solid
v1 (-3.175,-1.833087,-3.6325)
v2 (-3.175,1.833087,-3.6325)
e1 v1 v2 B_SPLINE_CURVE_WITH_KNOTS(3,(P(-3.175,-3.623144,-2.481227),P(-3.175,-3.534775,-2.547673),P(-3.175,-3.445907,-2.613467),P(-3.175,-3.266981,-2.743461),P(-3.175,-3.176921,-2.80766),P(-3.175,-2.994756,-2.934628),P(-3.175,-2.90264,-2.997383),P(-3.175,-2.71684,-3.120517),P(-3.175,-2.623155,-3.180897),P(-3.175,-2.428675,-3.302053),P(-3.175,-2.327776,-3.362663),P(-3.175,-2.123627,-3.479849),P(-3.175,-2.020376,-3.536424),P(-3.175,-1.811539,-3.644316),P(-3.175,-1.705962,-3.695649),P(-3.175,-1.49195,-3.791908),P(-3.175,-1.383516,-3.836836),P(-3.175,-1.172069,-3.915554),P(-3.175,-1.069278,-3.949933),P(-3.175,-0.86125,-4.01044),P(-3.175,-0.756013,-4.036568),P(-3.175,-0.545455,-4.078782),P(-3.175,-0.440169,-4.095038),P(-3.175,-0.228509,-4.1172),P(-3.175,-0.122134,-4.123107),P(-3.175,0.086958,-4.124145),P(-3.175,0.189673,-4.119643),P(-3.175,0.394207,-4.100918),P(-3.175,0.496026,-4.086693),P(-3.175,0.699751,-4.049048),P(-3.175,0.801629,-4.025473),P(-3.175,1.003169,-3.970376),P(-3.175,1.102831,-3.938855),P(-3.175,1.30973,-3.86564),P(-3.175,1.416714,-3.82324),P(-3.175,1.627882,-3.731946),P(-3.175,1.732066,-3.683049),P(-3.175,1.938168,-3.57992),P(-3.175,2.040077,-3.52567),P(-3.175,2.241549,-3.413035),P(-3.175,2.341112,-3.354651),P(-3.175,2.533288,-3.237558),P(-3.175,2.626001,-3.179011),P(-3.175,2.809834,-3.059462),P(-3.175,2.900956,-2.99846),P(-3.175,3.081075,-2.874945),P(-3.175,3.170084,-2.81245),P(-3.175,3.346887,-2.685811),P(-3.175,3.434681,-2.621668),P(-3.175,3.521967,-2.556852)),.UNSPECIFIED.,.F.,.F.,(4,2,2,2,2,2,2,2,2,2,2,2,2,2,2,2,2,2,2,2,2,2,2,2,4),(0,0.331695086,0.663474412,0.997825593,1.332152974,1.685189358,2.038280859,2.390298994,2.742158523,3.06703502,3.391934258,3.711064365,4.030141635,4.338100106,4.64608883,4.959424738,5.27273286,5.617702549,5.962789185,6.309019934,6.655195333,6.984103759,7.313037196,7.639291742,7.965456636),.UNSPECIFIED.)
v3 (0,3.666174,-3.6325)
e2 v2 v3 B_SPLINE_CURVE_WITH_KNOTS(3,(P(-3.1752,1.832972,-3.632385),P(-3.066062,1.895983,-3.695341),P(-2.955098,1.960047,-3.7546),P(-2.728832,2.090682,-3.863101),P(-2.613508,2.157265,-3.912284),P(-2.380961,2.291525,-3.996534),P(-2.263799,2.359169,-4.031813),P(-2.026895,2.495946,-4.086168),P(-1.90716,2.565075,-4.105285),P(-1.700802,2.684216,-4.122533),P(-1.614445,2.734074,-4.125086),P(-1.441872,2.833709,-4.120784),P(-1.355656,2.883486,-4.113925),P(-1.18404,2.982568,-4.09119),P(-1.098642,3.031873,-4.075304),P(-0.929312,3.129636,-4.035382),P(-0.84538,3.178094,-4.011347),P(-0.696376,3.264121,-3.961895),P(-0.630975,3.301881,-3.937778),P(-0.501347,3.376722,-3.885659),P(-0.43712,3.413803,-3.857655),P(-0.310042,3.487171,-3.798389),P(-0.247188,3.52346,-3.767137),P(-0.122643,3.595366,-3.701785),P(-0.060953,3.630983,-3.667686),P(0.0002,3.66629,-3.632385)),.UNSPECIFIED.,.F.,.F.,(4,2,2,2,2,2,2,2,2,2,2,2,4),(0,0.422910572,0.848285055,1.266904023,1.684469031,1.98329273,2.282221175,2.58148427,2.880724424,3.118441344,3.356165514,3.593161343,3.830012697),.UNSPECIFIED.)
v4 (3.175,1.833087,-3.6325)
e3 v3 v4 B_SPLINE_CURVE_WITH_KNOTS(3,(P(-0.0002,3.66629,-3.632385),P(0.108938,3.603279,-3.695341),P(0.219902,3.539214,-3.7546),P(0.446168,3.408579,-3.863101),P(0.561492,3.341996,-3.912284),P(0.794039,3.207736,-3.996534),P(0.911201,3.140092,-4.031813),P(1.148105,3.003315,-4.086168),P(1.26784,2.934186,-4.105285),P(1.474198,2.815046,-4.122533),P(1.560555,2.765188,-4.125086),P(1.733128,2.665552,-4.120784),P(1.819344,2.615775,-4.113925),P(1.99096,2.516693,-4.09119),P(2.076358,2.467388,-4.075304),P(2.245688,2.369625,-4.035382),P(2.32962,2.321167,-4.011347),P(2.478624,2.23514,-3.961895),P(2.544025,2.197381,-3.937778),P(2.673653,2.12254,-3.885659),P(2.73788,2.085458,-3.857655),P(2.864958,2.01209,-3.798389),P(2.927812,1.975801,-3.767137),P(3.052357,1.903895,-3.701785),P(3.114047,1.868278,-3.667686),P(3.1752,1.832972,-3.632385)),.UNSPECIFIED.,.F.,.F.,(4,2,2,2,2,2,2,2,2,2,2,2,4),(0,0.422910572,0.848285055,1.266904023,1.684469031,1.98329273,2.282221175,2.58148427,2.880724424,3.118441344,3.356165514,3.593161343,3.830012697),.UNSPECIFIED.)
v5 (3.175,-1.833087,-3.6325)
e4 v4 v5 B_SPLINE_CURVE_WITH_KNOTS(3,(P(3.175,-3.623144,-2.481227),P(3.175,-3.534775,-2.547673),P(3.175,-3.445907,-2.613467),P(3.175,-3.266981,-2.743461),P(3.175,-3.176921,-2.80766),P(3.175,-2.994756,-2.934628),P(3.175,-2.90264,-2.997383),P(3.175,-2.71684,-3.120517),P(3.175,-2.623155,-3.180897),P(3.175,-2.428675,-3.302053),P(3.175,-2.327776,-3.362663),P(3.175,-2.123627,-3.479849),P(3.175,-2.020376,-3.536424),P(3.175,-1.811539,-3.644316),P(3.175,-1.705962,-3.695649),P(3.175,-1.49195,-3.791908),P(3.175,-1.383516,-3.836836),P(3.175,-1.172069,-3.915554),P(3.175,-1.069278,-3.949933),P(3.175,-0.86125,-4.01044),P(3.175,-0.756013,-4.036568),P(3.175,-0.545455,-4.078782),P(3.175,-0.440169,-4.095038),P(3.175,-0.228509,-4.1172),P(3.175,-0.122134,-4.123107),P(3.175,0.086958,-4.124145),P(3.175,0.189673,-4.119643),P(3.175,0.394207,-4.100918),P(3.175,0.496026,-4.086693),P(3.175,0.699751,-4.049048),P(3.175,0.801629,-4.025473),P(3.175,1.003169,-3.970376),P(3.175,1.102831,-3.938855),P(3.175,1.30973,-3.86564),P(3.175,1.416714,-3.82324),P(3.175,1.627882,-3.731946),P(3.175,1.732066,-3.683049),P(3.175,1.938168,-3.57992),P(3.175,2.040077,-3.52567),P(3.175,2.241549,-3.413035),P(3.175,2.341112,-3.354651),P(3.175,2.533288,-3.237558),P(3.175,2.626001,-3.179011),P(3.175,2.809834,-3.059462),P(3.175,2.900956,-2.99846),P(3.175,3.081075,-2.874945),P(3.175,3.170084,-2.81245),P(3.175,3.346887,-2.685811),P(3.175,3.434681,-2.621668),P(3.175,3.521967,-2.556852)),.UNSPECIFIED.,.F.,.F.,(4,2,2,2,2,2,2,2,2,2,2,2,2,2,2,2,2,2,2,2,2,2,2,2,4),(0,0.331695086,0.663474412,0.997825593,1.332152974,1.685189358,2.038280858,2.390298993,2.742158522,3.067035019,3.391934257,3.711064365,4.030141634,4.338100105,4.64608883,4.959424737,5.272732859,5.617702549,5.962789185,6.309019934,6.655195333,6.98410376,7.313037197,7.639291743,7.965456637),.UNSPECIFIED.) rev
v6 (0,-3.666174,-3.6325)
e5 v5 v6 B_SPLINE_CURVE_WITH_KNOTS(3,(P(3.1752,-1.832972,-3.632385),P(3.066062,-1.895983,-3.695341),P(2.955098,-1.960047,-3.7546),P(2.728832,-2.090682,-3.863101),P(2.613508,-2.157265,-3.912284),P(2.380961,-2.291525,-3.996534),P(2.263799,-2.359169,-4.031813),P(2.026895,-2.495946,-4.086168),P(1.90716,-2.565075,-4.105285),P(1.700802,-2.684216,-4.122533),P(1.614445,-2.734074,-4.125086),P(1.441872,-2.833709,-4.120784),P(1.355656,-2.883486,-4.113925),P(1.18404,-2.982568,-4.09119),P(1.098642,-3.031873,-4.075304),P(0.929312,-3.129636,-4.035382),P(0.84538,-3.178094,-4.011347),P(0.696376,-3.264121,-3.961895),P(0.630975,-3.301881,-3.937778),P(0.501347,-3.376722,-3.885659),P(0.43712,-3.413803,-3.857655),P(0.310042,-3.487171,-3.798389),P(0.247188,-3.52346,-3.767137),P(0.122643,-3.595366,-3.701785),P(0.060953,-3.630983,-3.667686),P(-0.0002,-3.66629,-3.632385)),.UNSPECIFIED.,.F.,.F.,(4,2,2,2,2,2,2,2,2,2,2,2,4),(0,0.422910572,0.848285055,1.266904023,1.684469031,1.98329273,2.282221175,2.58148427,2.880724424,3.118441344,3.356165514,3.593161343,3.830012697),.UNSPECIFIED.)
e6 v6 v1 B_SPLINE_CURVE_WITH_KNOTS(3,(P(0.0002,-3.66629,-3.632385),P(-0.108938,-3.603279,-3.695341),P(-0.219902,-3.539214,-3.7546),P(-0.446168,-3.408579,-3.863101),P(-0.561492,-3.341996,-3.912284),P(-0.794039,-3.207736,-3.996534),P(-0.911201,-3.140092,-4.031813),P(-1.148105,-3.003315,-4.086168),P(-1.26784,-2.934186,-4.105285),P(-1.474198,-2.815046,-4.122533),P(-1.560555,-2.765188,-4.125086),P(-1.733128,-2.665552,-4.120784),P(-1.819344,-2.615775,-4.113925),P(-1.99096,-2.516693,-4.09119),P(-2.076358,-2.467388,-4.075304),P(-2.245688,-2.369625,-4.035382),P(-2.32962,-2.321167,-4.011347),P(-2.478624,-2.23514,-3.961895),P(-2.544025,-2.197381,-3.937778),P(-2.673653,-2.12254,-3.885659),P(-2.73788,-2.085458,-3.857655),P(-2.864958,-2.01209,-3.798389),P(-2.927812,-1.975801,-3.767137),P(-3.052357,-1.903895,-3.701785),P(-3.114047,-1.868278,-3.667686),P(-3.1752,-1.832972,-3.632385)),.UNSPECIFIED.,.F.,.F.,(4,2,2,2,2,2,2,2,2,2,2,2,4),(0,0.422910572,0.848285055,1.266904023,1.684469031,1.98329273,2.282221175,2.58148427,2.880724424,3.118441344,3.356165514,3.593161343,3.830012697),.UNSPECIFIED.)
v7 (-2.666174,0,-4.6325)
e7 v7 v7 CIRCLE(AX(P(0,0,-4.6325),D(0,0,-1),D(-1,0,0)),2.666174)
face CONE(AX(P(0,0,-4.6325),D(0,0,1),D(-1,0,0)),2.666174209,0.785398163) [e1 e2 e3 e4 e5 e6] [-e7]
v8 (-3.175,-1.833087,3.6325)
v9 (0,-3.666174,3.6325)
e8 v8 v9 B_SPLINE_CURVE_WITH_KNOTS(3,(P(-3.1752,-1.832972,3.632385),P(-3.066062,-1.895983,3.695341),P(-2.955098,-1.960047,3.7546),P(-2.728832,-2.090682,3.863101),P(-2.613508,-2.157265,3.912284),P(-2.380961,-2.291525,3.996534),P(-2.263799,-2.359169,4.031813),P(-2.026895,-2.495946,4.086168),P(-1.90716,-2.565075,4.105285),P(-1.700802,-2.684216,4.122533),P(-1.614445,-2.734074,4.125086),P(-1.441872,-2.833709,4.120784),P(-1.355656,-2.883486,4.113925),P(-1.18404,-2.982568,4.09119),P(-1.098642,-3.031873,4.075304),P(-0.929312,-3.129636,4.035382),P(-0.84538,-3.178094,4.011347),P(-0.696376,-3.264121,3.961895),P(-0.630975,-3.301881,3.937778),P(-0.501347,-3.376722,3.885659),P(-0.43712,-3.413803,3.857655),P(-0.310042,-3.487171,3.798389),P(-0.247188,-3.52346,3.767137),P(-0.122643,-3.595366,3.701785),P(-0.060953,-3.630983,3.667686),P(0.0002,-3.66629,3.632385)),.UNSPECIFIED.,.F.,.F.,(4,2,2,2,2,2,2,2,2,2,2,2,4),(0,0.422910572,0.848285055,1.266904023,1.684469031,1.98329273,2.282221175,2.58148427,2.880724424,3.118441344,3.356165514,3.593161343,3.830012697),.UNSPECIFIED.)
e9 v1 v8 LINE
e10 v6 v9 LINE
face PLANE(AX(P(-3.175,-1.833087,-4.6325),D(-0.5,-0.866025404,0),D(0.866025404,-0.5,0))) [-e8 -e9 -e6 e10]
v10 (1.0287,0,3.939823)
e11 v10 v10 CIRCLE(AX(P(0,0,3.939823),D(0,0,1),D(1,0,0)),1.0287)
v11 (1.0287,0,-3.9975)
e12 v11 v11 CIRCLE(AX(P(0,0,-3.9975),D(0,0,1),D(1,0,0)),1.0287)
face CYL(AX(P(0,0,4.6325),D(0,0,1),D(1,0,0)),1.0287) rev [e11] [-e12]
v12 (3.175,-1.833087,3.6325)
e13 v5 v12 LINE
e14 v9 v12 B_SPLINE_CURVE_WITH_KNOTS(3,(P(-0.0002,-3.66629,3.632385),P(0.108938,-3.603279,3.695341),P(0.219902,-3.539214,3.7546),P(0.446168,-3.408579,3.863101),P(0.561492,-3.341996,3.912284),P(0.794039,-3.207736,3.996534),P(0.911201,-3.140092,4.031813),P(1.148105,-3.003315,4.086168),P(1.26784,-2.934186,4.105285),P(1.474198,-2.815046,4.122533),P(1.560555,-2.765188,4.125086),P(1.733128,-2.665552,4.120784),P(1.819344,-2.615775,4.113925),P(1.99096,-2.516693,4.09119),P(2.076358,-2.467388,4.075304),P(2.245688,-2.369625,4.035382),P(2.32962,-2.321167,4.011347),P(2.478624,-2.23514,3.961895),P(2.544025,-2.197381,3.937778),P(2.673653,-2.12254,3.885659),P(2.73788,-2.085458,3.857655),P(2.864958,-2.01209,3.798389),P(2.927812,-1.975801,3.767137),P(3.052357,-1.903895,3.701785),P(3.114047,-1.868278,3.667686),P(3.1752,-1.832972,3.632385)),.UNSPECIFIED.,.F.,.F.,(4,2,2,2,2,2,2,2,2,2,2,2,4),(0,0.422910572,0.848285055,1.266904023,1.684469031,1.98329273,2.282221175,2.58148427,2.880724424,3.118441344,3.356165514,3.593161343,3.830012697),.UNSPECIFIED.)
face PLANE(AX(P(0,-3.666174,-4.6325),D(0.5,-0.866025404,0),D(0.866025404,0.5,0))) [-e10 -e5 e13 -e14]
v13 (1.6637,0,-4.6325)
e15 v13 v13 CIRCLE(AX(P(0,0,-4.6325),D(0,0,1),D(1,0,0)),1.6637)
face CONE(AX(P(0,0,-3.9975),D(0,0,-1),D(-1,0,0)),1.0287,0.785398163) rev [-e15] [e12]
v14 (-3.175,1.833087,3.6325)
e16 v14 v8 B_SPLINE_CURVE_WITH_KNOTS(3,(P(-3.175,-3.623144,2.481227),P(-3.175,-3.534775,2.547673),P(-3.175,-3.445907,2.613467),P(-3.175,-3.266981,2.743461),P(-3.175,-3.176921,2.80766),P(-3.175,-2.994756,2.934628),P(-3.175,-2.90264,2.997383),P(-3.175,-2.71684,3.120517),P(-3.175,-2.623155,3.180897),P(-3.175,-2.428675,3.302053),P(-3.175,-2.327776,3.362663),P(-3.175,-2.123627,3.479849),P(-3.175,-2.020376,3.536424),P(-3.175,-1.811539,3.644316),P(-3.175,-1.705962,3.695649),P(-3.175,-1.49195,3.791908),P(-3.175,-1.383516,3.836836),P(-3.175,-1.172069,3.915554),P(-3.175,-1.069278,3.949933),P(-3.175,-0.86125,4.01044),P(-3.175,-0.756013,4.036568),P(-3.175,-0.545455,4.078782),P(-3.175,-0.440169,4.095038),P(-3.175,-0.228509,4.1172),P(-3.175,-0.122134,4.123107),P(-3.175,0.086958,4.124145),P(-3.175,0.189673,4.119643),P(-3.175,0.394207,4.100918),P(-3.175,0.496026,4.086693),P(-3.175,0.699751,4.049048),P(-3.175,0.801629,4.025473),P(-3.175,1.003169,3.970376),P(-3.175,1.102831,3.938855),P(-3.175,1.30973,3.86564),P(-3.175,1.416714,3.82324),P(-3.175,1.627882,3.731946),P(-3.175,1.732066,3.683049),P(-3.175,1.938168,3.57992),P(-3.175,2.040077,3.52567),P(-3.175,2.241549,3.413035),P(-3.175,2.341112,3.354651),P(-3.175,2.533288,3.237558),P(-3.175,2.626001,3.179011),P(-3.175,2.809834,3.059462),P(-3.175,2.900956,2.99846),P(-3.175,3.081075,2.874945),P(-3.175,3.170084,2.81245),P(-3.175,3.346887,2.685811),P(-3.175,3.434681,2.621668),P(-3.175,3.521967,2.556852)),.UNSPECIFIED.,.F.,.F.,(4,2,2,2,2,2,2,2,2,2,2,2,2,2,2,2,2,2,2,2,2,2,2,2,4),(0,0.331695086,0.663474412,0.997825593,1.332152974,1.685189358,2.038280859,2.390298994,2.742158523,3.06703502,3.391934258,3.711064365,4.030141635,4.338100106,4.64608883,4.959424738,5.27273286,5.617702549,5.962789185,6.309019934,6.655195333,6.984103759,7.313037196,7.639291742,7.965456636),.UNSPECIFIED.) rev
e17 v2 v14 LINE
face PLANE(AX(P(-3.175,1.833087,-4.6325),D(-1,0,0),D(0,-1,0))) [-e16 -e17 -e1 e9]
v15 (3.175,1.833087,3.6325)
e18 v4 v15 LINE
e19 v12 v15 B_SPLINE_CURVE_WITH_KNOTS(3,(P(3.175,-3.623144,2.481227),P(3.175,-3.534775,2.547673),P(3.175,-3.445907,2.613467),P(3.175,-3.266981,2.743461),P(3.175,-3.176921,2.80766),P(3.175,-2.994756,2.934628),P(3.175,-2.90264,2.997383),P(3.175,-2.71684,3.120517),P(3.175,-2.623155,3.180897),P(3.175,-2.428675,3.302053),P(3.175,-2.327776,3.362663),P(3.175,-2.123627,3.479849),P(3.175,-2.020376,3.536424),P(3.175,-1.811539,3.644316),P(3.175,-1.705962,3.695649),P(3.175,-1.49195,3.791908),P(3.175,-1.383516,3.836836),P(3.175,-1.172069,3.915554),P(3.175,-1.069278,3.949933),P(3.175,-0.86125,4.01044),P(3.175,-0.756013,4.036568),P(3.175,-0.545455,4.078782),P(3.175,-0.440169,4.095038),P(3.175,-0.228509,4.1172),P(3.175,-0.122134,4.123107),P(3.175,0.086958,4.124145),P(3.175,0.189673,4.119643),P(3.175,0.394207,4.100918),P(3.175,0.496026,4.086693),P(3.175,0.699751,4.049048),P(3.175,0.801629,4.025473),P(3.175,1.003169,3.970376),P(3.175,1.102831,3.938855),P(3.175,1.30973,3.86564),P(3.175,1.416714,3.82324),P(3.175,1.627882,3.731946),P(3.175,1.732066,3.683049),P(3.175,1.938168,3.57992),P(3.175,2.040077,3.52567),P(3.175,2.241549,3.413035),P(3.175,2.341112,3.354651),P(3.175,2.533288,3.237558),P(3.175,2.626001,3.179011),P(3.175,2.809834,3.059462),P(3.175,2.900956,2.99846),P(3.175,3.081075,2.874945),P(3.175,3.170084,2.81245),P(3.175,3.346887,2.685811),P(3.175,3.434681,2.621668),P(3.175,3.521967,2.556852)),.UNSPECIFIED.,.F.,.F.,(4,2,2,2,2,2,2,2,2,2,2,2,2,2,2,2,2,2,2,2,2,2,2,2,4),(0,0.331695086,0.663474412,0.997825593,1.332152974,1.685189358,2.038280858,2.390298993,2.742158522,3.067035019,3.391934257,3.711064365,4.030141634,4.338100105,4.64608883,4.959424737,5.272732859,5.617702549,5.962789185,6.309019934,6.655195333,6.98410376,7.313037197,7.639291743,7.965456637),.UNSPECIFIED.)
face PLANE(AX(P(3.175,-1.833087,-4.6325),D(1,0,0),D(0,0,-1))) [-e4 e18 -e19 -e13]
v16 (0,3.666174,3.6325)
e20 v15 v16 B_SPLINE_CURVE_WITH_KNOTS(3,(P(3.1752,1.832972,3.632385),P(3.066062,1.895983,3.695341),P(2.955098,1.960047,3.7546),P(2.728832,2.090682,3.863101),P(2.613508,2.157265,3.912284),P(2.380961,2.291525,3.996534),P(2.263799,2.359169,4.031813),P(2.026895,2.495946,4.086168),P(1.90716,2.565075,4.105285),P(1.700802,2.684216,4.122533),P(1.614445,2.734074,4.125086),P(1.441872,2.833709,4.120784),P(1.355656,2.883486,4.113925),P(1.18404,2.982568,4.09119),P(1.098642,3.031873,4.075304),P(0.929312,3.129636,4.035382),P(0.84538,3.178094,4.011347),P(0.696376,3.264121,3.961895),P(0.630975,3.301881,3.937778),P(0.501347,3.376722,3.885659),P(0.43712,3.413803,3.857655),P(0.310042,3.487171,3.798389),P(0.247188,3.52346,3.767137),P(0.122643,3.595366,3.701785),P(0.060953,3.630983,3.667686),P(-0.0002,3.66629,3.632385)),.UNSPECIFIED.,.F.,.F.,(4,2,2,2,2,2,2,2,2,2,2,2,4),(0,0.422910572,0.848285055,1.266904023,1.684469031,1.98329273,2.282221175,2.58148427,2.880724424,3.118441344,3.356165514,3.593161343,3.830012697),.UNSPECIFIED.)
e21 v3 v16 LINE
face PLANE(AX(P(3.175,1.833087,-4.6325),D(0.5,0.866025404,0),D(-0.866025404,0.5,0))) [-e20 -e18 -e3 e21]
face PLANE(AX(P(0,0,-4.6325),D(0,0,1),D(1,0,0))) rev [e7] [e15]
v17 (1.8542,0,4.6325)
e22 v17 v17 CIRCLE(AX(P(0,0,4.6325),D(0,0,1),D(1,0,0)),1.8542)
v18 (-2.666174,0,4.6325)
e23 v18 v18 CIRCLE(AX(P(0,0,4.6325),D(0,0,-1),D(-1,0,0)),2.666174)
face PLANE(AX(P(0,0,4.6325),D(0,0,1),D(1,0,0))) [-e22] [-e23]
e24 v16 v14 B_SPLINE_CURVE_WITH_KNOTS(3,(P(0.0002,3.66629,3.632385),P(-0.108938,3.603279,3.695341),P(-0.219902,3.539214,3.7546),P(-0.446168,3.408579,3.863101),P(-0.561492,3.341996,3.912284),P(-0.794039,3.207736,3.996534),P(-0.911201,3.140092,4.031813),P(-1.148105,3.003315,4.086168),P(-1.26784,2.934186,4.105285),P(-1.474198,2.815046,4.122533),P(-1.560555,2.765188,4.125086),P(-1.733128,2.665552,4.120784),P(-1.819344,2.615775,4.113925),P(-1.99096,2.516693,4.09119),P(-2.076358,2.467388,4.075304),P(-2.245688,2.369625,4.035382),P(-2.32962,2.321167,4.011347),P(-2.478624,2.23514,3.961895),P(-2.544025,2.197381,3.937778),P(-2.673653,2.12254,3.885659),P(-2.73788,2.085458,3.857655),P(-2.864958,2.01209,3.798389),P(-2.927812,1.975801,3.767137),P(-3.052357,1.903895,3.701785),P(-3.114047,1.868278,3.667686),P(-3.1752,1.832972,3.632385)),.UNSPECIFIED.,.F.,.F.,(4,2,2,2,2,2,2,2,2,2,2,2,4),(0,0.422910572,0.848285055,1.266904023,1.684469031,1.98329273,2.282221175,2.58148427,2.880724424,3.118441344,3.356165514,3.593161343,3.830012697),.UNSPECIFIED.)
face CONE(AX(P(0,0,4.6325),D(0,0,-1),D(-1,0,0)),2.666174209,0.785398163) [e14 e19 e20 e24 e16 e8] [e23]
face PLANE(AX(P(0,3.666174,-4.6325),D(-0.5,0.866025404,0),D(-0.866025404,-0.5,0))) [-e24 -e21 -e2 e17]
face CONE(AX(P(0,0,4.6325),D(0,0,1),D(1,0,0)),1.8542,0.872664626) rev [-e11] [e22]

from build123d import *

# Parameters (mm, degrees)
BOSS_EXTRUDE1_DEPTH      = 4.6325
BOSS_EXTRUDE1_DEPTH_BACK = 4.6325


with BuildPart() as part:
    # Sketch1 → Boss-Extrude1 (new, two sides: drawn at the far end of the back side and taken through both)
    with BuildSketch(Plane.XY.offset(-BOSS_EXTRUDE1_DEPTH_BACK)):
        Polygon((3.175, -1.833087105), (3.175, 1.833087105), (0, 3.666174209), (-3.175, 1.833087105), (-3.175, -1.833087105), (0, -3.666174209), align=None)
    extrude(amount=BOSS_EXTRUDE1_DEPTH + BOSS_EXTRUDE1_DEPTH_BACK)

    # Sketch3 → Cut-Revolve2 (revolve, cut)
    with BuildSketch(Plane(origin=(0, 0, 0), x_dir=(0, 0, -1), z_dir=(1, 0, 0))):
        Polygon((-3.6325, 3.666174209), (-4.6325, 2.666174209), (-4.6325, 3.666174209), align=None)
    cut_revolve2 = revolve(axis=Axis((0, 0, -0.635), (0, 0, 1)), mode=Mode.SUBTRACT)

    # Mirror1: Cut-Revolve2 across plane
    add(cut_revolve2.mirror(Plane.XY), mode=Mode.SUBTRACT)

    # Sketch4 → CSK for #1 Flat Head Machine Screw (100)1 (revolve, cut)
    with BuildSketch(Plane(origin=(0, 0, 4.6325), x_dir=(0, -1, 0), z_dir=(1, 0, 0))):
        Polygon((0, 0), (0, 9.265), (1.6637, 9.265), (1.0287, 8.63), (1.0287, 0.692676746), (1.8542, 0), align=None)
    revolve(axis=Axis((0, 0, 10.9825), (0, 0, -1)), mode=Mode.SUBTRACT)


solid = part.part
